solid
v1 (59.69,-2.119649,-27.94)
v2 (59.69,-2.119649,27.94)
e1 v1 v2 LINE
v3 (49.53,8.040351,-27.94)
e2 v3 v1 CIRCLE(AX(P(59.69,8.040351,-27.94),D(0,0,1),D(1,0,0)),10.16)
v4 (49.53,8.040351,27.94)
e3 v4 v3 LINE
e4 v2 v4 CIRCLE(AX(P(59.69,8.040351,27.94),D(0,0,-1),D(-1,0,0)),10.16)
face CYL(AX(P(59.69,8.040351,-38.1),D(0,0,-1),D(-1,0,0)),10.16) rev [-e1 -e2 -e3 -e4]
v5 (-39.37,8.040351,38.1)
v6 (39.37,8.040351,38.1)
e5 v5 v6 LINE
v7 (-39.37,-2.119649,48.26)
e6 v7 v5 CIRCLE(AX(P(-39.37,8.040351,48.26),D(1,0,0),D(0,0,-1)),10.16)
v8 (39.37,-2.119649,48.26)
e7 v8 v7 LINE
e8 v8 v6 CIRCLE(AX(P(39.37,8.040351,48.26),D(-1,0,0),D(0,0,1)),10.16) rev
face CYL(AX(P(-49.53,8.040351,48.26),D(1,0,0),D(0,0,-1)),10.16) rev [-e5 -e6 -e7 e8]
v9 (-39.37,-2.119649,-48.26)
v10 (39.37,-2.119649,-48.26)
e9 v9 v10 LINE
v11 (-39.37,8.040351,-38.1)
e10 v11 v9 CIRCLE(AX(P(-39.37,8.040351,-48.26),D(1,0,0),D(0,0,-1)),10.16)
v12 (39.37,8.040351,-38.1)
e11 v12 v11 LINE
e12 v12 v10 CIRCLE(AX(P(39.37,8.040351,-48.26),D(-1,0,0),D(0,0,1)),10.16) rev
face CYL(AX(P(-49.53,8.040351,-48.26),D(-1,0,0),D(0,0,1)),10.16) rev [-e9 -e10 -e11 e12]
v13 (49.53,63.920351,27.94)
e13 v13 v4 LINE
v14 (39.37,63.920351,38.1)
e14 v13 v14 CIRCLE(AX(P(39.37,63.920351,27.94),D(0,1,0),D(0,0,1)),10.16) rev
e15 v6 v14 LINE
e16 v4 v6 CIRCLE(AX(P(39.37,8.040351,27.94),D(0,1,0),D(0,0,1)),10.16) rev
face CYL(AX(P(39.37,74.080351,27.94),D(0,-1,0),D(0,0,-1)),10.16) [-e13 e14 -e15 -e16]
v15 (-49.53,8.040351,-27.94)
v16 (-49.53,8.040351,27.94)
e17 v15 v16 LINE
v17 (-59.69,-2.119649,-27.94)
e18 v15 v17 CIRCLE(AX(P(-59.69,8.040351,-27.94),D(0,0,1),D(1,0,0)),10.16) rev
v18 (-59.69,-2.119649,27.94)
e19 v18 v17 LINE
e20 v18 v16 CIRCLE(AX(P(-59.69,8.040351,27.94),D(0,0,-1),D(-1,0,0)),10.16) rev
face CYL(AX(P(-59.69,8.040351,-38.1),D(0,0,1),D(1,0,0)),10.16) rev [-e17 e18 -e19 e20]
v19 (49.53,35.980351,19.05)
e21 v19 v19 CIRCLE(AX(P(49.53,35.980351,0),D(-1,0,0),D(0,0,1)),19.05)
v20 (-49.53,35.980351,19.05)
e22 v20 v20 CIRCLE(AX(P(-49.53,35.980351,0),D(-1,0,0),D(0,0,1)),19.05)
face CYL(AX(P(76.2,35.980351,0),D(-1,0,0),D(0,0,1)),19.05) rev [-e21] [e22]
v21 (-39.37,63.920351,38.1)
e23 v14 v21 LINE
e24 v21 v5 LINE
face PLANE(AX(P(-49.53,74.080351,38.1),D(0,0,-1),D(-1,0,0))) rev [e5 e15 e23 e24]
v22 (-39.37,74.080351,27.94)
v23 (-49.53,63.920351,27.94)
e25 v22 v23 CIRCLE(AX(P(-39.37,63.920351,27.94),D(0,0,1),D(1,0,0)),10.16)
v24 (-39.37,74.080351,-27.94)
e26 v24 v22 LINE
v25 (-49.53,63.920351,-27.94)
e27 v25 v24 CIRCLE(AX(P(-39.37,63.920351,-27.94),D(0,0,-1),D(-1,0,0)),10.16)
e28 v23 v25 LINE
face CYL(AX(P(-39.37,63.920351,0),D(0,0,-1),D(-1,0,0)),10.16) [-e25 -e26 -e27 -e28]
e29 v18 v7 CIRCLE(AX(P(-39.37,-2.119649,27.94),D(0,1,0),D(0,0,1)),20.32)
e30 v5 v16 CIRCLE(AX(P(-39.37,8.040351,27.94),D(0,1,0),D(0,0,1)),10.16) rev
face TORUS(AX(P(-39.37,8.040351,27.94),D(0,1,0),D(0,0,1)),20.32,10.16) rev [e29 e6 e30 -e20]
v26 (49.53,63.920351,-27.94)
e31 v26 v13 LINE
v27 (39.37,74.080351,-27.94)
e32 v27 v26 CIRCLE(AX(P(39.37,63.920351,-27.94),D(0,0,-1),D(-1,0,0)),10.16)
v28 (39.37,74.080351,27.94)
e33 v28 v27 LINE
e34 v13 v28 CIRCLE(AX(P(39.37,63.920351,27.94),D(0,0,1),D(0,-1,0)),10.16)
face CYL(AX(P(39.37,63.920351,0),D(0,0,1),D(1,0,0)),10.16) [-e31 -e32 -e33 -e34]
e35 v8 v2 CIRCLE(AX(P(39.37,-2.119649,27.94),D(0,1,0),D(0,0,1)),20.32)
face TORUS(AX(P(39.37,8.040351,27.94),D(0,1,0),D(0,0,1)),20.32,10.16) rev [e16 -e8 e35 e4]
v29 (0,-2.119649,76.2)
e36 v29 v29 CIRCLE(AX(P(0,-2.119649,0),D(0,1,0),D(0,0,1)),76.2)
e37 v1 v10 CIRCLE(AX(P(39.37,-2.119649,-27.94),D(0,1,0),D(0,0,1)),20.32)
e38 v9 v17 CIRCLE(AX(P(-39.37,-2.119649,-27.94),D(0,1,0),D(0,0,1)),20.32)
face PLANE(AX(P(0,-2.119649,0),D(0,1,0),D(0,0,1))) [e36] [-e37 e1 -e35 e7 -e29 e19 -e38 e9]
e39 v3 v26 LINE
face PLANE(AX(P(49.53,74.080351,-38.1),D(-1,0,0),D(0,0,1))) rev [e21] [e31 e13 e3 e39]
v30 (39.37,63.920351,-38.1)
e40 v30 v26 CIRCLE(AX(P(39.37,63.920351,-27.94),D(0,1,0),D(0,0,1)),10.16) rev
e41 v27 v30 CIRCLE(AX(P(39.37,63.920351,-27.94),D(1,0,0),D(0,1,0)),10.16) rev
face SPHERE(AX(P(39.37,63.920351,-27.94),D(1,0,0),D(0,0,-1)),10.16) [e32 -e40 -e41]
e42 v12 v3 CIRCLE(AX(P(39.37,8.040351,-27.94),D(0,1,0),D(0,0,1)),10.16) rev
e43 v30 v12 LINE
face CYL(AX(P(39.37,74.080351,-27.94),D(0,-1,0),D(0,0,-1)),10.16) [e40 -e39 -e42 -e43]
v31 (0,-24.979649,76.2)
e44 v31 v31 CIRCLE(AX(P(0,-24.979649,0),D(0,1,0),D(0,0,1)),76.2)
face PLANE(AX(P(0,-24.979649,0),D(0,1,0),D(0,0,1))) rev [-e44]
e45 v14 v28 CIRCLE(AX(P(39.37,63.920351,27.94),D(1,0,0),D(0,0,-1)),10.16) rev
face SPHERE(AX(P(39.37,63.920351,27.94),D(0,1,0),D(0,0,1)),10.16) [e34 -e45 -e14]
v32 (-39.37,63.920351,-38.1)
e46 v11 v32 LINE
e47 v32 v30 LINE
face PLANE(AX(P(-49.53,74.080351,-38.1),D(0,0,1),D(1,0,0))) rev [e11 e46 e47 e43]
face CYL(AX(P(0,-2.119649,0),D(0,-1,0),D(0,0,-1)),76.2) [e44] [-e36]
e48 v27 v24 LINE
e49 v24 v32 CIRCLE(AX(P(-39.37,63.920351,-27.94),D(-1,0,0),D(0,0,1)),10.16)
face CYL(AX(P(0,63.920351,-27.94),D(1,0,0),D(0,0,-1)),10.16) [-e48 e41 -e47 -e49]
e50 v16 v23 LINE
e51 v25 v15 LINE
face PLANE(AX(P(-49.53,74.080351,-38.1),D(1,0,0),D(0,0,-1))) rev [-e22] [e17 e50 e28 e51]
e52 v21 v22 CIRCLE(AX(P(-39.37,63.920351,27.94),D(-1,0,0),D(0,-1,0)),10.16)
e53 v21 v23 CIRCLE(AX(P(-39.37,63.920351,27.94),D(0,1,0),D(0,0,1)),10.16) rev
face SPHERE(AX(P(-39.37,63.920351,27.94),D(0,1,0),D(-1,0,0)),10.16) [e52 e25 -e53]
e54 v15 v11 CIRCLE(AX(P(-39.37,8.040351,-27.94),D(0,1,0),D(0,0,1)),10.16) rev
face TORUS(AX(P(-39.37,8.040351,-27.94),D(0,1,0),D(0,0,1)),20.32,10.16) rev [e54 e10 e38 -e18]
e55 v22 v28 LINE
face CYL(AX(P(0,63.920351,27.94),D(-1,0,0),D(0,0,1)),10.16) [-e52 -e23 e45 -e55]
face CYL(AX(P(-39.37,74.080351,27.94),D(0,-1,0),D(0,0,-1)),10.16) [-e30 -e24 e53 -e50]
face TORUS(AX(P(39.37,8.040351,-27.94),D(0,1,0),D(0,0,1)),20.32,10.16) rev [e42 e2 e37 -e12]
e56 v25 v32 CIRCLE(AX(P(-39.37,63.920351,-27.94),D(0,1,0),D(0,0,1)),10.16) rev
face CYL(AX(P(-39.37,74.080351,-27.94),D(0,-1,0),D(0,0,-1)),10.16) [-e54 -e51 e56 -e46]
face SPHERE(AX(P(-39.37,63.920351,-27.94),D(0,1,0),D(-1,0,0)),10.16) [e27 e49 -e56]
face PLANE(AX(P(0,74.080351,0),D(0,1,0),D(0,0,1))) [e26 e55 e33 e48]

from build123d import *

# Parameters (mm, degrees)
SKETCH1_R               = 25.4
BOSS_EXTRUDE1_DEPTH     = 7.62
SKETCH2_W               = 33.02
SKETCH2_H               = 25.4
BOSS_EXTRUDE2_DEPTH     = 25.4
SKETCH4_R               = 6.35
CUT_EXTRUDE1_DEPTH      = 9.89
CUT_EXTRUDE1_DEPTH_BACK = 42.91
SCALE1_SCALE            = 3
FILLET1_R               = 10.16


with BuildPart() as part:
    # Sketch1 → Boss-Extrude1 (new body)
    with BuildSketch(Plane(origin=(0, 0, 0), x_dir=(1, 0, 0), z_dir=(0, 1, 0))):
        Circle(SKETCH1_R)
    extrude(amount=BOSS_EXTRUDE1_DEPTH)

    # Sketch2 → Boss-Extrude2 (add)
    with BuildSketch(Plane(origin=(0, 7.62, 0), x_dir=(1, 0, 0), z_dir=(0, 1, 0))):
        Rectangle(SKETCH2_W, SKETCH2_H)
    extrude(amount=BOSS_EXTRUDE2_DEPTH)

    # Sketch4 → Cut-Extrude1 (cut, two sides)
    with BuildSketch(Plane.ZY.offset(16.51)) as cut_extrude1_sk:
        with Locations((0, 20.32)):
            Circle(SKETCH4_R)
    extrude(amount=CUT_EXTRUDE1_DEPTH, mode=Mode.SUBTRACT)
    extrude(cut_extrude1_sk.sketch, amount=-CUT_EXTRUDE1_DEPTH_BACK, mode=Mode.SUBTRACT)


with BuildPart() as part_1:
    # Scale1: scaled about (0, 12.489824254, 0)
    add(part.part.scale(SCALE1_SCALE).moved(Location((0, -24.979648508, 0))))

    # Fillet1
    fillet1_edges = [part_1.edges().sort_by_distance(p)[0] for p in [
        (0, 74.080351492, 38.1),
        (49.53, -2.119648508, 0),
        (49.53, 35.980351492, 38.1),
        (0, -2.119648508, -38.1),
        (49.53, 35.980351492, -38.1),
        (-49.53, -2.119648508, 0),
        (-49.53, 35.980351492, -38.1),
        (0, -2.119648508, 38.1),
        (-49.53, 35.980351492, 38.1),
        (49.53, 74.080351492, 0),
        (0, 74.080351492, -38.1),
        (-49.53, 74.080351492, 0),
    ]]
    fillet(fillet1_edges, radius=FILLET1_R)


solid = part_1.part
